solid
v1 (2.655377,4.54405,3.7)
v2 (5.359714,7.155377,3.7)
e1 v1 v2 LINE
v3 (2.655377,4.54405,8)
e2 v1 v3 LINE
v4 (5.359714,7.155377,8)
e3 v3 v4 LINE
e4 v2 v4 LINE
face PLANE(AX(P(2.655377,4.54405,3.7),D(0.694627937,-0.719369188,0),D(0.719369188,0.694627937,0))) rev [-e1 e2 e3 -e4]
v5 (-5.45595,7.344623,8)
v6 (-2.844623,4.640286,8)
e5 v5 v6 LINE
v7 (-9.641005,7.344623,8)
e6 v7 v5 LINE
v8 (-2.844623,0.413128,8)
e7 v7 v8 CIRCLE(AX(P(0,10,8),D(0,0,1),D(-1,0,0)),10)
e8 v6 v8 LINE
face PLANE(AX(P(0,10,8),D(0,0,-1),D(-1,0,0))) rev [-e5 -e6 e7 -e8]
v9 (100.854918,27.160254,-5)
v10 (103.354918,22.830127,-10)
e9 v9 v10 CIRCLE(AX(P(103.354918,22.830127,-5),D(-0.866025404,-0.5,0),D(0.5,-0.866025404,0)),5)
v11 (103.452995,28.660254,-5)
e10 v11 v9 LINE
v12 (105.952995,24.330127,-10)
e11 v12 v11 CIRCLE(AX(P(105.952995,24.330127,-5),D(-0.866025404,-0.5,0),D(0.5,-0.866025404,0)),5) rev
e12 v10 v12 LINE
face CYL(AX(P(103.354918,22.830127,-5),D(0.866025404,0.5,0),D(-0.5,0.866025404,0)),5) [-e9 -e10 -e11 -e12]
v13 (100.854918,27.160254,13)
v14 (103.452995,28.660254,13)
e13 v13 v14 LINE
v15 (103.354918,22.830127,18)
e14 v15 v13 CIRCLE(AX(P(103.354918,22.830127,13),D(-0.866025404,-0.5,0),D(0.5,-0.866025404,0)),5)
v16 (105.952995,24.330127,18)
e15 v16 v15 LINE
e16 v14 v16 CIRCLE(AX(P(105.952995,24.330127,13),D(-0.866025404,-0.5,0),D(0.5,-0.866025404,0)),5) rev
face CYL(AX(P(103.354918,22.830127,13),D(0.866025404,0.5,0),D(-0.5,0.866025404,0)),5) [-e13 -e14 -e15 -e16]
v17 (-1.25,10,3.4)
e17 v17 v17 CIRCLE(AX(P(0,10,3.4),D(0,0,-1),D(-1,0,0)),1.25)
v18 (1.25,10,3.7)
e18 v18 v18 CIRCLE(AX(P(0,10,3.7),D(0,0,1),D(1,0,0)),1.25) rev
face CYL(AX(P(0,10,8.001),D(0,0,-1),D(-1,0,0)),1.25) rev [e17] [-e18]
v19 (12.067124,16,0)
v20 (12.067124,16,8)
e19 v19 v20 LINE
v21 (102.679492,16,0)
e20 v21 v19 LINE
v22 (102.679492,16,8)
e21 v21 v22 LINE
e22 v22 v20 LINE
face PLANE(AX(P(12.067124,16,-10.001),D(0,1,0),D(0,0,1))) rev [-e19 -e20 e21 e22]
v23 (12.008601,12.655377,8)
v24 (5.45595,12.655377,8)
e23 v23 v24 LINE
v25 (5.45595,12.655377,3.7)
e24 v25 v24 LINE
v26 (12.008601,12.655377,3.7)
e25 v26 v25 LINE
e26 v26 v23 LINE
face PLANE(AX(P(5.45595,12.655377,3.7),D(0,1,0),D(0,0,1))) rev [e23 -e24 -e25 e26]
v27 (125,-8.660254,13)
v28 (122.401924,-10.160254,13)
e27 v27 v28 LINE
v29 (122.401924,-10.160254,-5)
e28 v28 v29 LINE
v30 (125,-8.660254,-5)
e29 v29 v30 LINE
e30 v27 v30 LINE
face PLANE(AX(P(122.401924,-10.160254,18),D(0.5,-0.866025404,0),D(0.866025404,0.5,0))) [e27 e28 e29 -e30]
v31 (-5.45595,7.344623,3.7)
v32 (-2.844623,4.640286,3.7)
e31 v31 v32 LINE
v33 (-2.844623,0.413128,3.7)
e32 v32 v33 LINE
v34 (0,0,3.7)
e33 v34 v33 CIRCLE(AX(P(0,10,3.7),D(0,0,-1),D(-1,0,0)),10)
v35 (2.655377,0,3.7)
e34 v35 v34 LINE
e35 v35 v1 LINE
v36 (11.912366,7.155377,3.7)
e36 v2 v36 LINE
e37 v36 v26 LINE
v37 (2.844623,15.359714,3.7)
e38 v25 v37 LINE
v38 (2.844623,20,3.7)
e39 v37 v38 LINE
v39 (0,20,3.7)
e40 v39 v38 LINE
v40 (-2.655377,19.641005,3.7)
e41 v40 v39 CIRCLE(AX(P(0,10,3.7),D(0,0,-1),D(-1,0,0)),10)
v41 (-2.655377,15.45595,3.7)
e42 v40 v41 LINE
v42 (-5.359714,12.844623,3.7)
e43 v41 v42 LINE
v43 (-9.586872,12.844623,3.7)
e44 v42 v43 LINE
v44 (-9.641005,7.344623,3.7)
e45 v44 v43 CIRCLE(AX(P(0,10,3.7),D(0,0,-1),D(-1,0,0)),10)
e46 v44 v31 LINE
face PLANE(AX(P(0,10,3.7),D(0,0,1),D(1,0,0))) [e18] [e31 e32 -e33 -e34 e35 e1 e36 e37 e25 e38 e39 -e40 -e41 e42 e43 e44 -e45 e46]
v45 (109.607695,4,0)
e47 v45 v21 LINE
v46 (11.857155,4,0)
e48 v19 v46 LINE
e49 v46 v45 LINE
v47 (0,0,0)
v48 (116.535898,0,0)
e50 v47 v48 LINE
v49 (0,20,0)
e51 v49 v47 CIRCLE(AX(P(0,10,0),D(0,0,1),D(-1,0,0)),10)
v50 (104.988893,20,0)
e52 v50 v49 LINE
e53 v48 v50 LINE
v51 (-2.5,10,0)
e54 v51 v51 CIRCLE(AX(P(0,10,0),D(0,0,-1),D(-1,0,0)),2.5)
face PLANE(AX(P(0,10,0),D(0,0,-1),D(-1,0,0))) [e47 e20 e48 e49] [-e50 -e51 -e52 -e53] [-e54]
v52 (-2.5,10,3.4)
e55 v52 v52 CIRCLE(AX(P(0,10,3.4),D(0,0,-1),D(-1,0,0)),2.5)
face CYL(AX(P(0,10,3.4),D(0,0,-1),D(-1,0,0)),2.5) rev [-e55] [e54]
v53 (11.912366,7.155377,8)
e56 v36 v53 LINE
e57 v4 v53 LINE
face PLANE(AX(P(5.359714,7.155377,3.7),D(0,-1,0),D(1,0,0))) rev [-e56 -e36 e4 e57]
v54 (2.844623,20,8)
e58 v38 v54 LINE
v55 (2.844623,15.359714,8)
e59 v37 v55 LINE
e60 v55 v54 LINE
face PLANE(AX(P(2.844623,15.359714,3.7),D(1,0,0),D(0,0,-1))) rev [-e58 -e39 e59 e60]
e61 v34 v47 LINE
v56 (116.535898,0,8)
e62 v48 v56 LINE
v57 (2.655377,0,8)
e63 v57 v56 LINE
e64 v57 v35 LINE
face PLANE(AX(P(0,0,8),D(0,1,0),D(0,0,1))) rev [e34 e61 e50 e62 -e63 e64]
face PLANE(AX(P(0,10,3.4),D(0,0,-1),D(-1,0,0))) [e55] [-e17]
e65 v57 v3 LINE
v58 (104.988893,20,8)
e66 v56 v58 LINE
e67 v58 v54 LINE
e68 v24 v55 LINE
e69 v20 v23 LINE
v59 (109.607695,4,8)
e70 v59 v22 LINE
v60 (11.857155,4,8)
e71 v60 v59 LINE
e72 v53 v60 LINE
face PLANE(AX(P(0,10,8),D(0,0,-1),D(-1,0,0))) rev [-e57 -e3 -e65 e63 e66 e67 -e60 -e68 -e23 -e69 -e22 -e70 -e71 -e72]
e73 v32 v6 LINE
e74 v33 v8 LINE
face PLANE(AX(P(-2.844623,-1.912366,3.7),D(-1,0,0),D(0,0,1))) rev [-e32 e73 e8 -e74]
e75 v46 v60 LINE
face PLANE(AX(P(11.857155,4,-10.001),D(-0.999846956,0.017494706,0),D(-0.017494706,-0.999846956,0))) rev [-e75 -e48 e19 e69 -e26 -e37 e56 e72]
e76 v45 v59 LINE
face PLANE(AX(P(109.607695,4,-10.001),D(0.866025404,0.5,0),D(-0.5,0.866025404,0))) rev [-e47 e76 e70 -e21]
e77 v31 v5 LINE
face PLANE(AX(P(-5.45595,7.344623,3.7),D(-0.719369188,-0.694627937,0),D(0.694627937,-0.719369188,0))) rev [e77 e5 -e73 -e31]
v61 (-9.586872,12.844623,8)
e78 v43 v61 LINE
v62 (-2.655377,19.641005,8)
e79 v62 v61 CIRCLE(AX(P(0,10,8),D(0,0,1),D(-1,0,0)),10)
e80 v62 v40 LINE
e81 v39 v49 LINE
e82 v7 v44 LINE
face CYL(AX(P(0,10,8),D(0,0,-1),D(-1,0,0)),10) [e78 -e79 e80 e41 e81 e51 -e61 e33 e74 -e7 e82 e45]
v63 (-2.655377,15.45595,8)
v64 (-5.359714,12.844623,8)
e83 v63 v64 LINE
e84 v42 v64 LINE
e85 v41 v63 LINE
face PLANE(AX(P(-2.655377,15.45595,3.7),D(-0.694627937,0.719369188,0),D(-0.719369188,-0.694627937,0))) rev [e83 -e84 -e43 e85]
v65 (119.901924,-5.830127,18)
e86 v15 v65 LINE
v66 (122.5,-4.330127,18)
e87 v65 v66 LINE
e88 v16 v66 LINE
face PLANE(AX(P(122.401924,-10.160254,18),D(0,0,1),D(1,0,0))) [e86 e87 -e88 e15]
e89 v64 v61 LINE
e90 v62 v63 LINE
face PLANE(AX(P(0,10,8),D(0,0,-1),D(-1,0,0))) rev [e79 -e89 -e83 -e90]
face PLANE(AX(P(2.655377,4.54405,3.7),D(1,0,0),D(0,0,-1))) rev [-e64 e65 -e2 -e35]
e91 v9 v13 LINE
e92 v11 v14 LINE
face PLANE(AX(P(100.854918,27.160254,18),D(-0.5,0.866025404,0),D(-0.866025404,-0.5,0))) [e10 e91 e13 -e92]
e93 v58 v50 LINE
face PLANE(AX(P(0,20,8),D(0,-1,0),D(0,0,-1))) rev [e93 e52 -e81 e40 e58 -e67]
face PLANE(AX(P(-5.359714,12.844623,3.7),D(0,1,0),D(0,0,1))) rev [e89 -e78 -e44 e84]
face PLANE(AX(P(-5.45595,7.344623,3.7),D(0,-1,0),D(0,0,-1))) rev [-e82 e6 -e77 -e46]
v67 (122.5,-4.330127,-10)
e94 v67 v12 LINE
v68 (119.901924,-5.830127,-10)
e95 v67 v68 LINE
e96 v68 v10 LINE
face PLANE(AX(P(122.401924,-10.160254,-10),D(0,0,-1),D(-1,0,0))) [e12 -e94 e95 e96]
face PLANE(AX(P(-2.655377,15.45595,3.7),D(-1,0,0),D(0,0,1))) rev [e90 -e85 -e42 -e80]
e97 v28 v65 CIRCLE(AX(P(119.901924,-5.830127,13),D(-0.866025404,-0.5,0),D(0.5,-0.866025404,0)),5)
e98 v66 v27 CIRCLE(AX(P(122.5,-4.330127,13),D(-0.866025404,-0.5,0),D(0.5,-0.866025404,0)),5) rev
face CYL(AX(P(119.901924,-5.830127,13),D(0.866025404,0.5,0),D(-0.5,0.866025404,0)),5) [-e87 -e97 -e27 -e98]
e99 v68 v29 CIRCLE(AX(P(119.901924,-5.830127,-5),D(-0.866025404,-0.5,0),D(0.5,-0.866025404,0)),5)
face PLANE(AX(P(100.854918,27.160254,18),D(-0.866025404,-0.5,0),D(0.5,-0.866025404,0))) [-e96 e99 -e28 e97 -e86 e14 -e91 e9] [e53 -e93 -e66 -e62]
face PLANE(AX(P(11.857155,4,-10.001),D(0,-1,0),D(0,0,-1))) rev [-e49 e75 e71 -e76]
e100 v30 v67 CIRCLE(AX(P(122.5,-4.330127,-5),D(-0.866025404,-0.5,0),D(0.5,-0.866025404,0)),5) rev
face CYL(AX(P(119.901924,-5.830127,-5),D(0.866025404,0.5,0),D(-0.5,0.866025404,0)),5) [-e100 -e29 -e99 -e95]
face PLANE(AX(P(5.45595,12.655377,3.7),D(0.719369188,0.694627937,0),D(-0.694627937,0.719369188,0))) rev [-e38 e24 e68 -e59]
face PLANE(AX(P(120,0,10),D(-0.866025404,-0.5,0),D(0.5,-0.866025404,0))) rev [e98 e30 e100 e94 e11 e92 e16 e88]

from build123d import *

# Parameters (mm, degrees)
BOSS_EXTRU_1_DEPTH       = 8
ESQUISSE13_R             = 4
ENL_V_MAT_EXTRU_9_DEPTH  = 4.3
ENL_V_MAT_EXTRU_10_DEPTH = 4.3
ESQUISSE15_R             = 2.5
ENL_V_MAT_EXTRU_11_DEPTH = 3.4
ENL_V_MAT_EXTRU_12_REACH = 6.6
ESQUISSE16_R             = 1.25
ESQUISSE17_W             = 10
ESQUISSE17_H             = 20
ENL_V_MAT_EXTRU_13_DEPTH = 10
ENL_V_MAT_EXTRU_15_DEPTH = 10
ESQUISSE20_W             = 28
ESQUISSE20_H             = 43.094010768
BOSS_EXTRU_2_DEPTH       = 3
ENL_V_MAT_EXTRU_16_REACH = 20
CONG_1_R                 = 5


with BuildPart() as part:
    # Esquisse1 → Boss.-Extru.1 (new body)
    with BuildSketch(Plane.XY):
        with BuildLine():
            Line((0, 0), (120, 0))
            ThreePointArc((120, 0), (130, 10), (120, 20))
            Line((120, 20), (0, 20))
            ThreePointArc((0, 20), (-10, 10), (0, 0))
        make_face()
    extrude(amount=BOSS_EXTRU_1_DEPTH)

    # Esquisse13 → Enlèv. mat.-Extru.9 (cut)
    with BuildSketch(Plane.XY.offset(8)):
        with Locations((0, 10)):
            Circle(ESQUISSE13_R)
    extrude(amount=-ENL_V_MAT_EXTRU_9_DEPTH, mode=Mode.SUBTRACT)

    # Esquisse14 → Enlèv. mat.-Extru.10 (cut)
    with BuildSketch(Plane.XY.offset(8)):
        Polygon((2.655377087, 4.544050257), (2.655377087, -2.008601379), (-2.844622913, -1.912365766), (-2.844622913, 4.640285869), (-5.455949743, 7.344622913), (-12.008601379, 7.344622913), (-11.912365766, 12.844622913), (-5.359714131, 12.844622913), (-2.655377087, 15.455949743), (-2.655377087, 22.008601379), (2.844622913, 21.912365766), (2.844622913, 15.359714131), (5.455949743, 12.655377087), (12.008601379, 12.655377087), (11.912365766, 7.155377087), (5.359714131, 7.155377087), align=None)
    extrude(amount=-ENL_V_MAT_EXTRU_10_DEPTH, mode=Mode.SUBTRACT)

    # Esquisse15 → Enlèv. mat.-Extru.11 (cut)
    with BuildSketch(Plane(origin=(0, 0, 0), x_dir=(-1, 0, 0), z_dir=(0, 0, -1))):
        with Locations((0, 10)):
            Circle(ESQUISSE15_R)
    extrude(amount=-ENL_V_MAT_EXTRU_11_DEPTH, mode=Mode.SUBTRACT)

    # Esquisse16 → Enlèv. mat.-Extru.12 (cut, up to next)
    with BuildSketch(Plane(origin=(0, 0, 3.4), x_dir=(-1, 0, 0), z_dir=(0, 0, -1)), mode=Mode.PRIVATE) as enl_v_mat_extru_12_sk1:
        with Locations((0, 10)):
            Circle(ESQUISSE16_R)
    enl_v_mat_extru_12_tool1 = extrude(enl_v_mat_extru_12_sk1.sketch, amount=-ENL_V_MAT_EXTRU_12_REACH, mode=Mode.PRIVATE) & part.part
    add(enl_v_mat_extru_12_tool1.solids().sort_by_distance((0, 10, 3.4))[0], mode=Mode.SUBTRACT)

    # Esquisse17 → Enlèv. mat.-Extru.13 (cut)
    with BuildSketch(Plane.XY.offset(8)):
        with Locations((125, 10)):
            Rectangle(ESQUISSE17_W, ESQUISSE17_H)
    extrude(amount=-ENL_V_MAT_EXTRU_13_DEPTH, mode=Mode.SUBTRACT)

    # Esquisse19 → Enlèv. mat.-Extru.15 (cut)
    with BuildSketch(Plane(origin=(0, 0, 0), x_dir=(-1, 0, 0), z_dir=(0, 0, -1))):
        Polygon((-131.547005384, 0), (-120, 0), (-108.452994616, 20), (-120, 20), align=None)
    extrude(amount=-ENL_V_MAT_EXTRU_15_DEPTH, mode=Mode.SUBTRACT)

    # Esquisse20 → Boss.-Extru.2 (add)
    with BuildSketch(Plane(origin=(90, 51.961524227, 0), x_dir=(0, 0, -1), z_dir=(0.866025404, 0.5, 0))):
        with Locations((-4, -48.452994616)):
            Rectangle(ESQUISSE20_W, ESQUISSE20_H)
    extrude(amount=-BOSS_EXTRU_2_DEPTH)

    # Esquisse21 → Enlèv. mat.-Extru.16 (cut, up to next)
    with BuildSketch(Plane.XY.offset(8), mode=Mode.PRIVATE) as enl_v_mat_extru_16_sk1:
        Polygon((11.857154921, 4), (109.607695155, 4), (102.679491924, 16), (12.06712353, 16), align=None)
    enl_v_mat_extru_16_tool1 = extrude(enl_v_mat_extru_16_sk1.sketch, amount=-ENL_V_MAT_EXTRU_16_REACH, mode=Mode.PRIVATE) & part.part
    add(enl_v_mat_extru_16_tool1.solids().sort_by_distance((59.074082, 9.924208, 8))[0], mode=Mode.SUBTRACT)

    # Congé1
    cong_1_edges = [part.edges().sort_by_distance(p)[0] for p in [
        (123.700961894, -9.410254038, 18),
        (102.153956511, 27.910254038, 18),
        (102.153956511, 27.910254038, -10),
        (123.700961894, -9.410254038, -10),
    ]]
    fillet(cong_1_edges, radius=CONG_1_R)


solid = part.part
